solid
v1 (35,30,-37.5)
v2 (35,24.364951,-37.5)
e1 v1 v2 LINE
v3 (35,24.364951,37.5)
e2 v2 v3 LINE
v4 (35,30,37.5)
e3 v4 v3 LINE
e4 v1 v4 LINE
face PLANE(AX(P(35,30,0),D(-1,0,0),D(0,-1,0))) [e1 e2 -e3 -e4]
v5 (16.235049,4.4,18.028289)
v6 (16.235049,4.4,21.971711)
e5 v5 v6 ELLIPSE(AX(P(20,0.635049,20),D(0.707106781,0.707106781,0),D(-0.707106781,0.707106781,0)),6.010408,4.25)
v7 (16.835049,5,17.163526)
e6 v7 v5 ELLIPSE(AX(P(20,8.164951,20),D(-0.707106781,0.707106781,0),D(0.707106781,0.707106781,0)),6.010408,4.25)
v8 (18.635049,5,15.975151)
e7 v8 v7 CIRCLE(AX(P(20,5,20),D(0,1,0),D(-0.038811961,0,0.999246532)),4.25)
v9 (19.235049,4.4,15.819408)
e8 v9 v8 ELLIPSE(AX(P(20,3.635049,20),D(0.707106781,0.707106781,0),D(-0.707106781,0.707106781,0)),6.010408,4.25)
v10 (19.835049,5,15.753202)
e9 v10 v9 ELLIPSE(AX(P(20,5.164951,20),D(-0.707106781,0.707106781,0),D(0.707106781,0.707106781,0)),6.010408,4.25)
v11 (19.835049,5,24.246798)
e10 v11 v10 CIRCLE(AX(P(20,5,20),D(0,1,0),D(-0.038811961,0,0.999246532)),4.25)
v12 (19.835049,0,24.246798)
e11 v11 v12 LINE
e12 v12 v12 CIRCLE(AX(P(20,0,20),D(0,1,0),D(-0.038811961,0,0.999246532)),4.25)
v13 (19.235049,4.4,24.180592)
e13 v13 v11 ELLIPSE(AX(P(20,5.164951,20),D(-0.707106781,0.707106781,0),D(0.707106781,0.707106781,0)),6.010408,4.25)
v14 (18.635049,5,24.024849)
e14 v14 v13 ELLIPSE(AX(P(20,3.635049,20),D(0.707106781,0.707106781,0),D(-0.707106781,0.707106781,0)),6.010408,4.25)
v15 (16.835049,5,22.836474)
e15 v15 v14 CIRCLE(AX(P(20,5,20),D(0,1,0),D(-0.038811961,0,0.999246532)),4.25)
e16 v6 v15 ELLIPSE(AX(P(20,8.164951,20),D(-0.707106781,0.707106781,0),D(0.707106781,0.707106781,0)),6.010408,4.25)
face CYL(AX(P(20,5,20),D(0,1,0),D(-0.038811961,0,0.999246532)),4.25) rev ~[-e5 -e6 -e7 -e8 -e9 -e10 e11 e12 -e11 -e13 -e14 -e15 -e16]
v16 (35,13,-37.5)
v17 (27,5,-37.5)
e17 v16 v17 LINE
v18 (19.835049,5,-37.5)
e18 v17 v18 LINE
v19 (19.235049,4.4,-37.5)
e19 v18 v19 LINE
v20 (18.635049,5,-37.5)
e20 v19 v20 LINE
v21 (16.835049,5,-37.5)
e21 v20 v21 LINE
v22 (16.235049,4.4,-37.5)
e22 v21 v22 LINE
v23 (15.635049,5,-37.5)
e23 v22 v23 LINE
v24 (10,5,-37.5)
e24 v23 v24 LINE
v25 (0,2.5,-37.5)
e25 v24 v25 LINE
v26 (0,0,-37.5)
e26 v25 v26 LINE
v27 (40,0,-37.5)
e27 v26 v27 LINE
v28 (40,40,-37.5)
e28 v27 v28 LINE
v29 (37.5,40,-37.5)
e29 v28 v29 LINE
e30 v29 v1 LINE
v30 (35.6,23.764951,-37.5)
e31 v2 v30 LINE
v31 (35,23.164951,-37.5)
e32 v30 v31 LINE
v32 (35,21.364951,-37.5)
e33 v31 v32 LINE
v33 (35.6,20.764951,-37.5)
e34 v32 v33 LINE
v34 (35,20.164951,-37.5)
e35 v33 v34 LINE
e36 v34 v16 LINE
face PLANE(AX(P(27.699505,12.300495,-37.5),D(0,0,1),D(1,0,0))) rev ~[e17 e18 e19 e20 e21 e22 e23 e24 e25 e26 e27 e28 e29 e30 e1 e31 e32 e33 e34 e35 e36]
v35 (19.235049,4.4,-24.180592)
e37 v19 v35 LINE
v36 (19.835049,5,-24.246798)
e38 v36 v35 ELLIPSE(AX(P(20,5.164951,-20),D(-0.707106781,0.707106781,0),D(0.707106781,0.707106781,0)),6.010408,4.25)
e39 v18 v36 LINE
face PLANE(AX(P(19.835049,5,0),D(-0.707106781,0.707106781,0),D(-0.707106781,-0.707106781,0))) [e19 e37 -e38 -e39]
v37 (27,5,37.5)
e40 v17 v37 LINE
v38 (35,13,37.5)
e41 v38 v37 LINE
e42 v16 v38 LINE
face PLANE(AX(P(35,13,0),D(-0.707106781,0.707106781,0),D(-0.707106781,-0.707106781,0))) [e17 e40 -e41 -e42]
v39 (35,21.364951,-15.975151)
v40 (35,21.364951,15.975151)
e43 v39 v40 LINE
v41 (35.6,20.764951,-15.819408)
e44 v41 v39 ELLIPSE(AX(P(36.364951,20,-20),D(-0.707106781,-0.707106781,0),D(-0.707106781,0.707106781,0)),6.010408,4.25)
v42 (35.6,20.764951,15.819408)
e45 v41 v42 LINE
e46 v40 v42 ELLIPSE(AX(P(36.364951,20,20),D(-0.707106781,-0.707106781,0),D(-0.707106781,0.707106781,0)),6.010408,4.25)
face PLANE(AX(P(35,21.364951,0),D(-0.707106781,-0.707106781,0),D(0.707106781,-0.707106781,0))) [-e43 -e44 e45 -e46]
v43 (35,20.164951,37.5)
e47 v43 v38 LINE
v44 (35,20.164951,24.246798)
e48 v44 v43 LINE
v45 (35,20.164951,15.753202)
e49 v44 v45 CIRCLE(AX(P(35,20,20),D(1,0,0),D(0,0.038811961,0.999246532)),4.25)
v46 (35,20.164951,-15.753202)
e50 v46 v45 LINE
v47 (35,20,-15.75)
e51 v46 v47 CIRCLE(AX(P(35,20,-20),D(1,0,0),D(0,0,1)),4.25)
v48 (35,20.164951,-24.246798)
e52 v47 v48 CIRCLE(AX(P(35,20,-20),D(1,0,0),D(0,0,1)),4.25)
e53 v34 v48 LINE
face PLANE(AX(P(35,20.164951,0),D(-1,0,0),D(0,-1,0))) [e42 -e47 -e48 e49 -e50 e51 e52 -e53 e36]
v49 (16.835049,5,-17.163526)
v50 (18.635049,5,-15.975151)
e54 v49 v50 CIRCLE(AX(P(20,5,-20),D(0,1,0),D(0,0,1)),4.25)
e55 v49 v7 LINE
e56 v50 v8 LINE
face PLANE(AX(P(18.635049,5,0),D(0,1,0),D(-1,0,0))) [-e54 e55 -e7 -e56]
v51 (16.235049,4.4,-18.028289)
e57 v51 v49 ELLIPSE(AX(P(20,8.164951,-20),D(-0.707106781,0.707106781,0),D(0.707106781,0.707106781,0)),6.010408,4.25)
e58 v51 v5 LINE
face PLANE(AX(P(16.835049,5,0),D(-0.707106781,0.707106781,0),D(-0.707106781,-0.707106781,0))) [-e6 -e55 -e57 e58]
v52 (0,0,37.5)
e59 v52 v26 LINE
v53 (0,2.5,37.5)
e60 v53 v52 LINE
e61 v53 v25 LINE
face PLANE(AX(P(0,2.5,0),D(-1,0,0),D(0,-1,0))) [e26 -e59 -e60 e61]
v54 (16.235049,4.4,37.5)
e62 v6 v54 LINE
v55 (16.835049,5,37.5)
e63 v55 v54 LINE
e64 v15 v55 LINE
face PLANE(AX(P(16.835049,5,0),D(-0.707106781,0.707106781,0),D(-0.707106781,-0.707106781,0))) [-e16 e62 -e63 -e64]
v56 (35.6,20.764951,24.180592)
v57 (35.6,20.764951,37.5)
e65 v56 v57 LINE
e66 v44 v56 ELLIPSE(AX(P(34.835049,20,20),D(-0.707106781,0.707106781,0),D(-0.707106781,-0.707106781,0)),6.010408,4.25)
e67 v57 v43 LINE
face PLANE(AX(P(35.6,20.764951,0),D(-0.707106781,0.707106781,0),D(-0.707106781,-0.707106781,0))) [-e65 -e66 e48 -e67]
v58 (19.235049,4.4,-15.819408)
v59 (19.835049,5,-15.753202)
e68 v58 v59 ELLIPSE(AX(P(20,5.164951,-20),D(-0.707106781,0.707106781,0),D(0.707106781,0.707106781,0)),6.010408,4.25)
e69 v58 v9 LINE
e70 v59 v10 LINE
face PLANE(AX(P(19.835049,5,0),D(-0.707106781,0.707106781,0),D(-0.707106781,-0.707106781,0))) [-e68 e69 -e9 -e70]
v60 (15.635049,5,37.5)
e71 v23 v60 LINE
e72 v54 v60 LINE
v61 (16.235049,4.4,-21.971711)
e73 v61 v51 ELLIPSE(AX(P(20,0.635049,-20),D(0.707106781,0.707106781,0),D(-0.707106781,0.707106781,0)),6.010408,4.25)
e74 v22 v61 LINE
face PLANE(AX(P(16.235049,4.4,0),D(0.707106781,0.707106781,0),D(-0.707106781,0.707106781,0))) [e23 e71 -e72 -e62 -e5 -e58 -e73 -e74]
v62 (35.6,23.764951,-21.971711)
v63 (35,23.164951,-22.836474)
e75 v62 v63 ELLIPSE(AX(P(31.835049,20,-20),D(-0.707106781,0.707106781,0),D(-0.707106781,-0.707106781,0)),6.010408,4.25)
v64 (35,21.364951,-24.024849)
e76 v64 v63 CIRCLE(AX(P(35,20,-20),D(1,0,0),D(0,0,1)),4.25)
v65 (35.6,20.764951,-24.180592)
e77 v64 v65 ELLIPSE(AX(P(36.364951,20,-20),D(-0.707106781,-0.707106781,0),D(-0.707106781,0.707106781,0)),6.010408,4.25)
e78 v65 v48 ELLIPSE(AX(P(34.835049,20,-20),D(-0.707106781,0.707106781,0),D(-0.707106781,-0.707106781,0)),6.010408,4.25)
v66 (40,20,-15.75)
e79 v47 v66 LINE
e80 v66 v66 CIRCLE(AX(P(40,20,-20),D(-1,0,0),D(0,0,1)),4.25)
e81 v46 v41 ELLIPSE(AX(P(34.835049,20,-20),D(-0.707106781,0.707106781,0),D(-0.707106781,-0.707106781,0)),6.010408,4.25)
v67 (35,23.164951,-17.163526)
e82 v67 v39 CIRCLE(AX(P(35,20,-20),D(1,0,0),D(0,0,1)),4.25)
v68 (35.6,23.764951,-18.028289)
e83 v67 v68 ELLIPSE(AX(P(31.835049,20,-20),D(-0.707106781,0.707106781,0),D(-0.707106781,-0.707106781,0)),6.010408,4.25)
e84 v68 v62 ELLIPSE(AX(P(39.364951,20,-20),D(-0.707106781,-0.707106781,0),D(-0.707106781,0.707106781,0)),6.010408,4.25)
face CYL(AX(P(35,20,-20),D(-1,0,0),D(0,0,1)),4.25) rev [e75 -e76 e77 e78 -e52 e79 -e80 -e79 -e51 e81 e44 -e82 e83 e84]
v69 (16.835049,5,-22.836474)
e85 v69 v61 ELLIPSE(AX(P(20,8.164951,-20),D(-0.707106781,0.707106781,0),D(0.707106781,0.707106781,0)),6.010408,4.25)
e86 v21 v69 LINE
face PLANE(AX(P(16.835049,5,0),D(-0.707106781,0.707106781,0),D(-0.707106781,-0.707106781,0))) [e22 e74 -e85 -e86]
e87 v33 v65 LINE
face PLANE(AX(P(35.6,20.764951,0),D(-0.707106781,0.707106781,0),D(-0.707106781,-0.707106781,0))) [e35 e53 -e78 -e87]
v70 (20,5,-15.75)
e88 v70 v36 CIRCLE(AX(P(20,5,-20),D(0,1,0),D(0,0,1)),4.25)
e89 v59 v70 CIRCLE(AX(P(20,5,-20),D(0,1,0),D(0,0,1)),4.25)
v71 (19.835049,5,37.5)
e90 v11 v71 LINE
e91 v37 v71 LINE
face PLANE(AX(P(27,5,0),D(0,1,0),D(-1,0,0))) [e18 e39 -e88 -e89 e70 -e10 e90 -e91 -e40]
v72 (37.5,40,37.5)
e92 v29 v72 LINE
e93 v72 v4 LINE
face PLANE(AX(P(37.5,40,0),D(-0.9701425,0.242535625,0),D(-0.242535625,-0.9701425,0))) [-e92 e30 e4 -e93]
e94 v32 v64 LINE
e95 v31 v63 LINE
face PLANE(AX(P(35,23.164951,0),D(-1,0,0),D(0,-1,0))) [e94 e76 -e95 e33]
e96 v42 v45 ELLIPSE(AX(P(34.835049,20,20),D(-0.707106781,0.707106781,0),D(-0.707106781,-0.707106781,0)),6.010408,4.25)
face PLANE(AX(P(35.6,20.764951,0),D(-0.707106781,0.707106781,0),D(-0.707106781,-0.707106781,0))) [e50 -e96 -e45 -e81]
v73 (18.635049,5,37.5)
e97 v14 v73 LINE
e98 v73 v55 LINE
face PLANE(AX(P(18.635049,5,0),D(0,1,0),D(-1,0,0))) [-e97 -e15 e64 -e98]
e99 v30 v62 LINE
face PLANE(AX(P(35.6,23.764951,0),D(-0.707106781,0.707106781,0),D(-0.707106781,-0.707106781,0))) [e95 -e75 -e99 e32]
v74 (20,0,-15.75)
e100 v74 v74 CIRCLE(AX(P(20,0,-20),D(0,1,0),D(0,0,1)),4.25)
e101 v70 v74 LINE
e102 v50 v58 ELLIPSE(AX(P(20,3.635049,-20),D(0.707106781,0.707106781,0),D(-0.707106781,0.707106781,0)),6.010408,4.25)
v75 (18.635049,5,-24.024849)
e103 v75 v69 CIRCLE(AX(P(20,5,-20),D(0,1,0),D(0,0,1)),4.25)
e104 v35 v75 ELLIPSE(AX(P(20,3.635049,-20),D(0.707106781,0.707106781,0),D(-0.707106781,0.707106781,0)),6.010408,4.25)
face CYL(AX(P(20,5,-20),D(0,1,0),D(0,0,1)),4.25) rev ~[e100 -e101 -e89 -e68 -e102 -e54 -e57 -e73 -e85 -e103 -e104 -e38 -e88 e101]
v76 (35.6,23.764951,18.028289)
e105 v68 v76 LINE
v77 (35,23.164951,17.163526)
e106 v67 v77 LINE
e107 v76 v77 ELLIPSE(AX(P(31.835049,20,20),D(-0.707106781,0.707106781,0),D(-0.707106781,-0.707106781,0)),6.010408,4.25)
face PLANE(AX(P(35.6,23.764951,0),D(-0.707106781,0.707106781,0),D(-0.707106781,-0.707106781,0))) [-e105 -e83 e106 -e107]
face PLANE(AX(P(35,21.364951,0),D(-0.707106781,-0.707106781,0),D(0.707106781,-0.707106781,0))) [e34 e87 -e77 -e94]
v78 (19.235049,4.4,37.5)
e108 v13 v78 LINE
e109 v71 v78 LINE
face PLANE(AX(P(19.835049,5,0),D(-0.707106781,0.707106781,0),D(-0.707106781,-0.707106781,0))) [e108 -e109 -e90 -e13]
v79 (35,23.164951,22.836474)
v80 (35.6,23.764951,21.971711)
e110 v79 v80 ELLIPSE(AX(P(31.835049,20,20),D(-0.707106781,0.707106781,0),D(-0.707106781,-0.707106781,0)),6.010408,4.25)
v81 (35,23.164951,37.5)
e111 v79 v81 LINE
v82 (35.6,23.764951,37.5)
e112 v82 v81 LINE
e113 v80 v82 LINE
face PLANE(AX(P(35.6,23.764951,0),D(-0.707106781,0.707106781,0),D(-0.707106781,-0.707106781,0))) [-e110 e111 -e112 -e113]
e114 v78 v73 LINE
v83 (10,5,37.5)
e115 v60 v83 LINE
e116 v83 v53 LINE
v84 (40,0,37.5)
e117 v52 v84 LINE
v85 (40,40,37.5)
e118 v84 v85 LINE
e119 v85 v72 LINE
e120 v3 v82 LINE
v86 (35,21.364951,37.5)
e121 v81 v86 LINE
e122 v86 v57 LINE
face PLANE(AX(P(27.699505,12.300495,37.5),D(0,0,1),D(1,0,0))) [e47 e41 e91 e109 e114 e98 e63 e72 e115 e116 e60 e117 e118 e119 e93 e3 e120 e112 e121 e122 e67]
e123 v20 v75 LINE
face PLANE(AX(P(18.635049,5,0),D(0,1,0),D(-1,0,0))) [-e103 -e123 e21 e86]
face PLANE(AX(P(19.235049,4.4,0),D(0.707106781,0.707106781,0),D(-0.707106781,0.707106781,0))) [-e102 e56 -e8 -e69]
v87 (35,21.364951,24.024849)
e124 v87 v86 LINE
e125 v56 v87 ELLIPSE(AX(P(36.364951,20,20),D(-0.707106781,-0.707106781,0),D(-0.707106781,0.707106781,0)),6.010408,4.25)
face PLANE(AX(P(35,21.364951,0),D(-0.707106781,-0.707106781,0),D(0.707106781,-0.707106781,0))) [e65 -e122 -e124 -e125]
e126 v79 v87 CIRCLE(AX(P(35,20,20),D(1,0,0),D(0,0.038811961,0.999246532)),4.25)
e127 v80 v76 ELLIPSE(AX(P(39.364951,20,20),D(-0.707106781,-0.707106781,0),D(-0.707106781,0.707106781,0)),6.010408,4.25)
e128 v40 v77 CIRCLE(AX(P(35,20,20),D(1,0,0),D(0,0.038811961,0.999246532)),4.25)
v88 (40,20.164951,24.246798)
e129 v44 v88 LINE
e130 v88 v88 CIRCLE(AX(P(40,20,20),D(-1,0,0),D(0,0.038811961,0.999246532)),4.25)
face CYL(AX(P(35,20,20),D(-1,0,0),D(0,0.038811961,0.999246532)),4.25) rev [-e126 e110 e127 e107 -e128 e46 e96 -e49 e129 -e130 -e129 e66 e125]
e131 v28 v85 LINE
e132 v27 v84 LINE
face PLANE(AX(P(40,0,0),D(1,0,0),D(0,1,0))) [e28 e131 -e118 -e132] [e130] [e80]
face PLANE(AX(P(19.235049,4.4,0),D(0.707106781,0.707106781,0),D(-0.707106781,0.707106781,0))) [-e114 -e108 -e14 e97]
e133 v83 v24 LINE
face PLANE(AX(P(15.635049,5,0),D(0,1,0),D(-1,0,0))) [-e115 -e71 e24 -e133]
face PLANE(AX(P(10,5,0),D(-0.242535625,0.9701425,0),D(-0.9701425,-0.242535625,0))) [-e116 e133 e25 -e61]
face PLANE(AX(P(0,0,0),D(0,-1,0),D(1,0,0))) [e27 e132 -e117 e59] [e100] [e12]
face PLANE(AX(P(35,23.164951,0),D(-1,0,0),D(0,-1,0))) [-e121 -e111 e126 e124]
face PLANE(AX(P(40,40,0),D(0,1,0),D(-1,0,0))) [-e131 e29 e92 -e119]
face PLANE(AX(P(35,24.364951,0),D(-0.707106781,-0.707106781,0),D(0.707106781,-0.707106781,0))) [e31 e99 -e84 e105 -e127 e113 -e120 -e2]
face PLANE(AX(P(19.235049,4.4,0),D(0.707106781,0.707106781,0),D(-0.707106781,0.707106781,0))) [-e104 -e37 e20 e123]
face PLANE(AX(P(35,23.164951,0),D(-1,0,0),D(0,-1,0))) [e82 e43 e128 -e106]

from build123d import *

# Parameters (mm, degrees)
EXTRUDE_1_DEPTH     = 37.5
SKETCH_3_R          = 4.25
CUT_EXTRUDE_1_DEPTH = 66.048059156


with BuildPart() as part:
    # 草图1 → 凸台-拉伸1 (new, symmetric)
    with BuildSketch(Plane.XY):
        Polygon((0, 0), (40, 0), (40, 40), (37.5, 40), (35, 30), (35, 24.364950833), (35.6, 23.764950833), (35, 23.164950833), (35, 21.364950833), (35.6, 20.764950833), (35, 20.164950833), (35, 13), (27, 5), (19.835049167, 5), (19.235049167, 4.4), (18.635049167, 5), (16.835049167, 5), (16.235049167, 4.4), (15.635049167, 5), (10, 5), (0, 2.5), align=None)
    extrude(amount=EXTRUDE_1_DEPTH, both=True)

    # 草图3 → 切除-拉伸1 (cut, through all)
    with BuildSketch(Plane(origin=(0, 5, 0), x_dir=(1, 0, 0), z_dir=(0, 1, 0))):
        with Locations(Location((20, 20, 0), (0, 0, 270))):
            Circle(SKETCH_3_R)
        with Locations(Location((20, -20, 0), (0, 0, 267.775679771))):
            Circle(SKETCH_3_R)
    cut_extrude_1 = extrude(amount=-CUT_EXTRUDE_1_DEPTH, mode=Mode.SUBTRACT)

    # 镜向1: 切除-拉伸1 across plane
    add(cut_extrude_1.mirror(Plane(origin=(20, 20, 0), x_dir=(0, 0, 1), z_dir=(0.7071067811865414, 0.7071067811865538, 0))), mode=Mode.SUBTRACT)


solid = part.part
